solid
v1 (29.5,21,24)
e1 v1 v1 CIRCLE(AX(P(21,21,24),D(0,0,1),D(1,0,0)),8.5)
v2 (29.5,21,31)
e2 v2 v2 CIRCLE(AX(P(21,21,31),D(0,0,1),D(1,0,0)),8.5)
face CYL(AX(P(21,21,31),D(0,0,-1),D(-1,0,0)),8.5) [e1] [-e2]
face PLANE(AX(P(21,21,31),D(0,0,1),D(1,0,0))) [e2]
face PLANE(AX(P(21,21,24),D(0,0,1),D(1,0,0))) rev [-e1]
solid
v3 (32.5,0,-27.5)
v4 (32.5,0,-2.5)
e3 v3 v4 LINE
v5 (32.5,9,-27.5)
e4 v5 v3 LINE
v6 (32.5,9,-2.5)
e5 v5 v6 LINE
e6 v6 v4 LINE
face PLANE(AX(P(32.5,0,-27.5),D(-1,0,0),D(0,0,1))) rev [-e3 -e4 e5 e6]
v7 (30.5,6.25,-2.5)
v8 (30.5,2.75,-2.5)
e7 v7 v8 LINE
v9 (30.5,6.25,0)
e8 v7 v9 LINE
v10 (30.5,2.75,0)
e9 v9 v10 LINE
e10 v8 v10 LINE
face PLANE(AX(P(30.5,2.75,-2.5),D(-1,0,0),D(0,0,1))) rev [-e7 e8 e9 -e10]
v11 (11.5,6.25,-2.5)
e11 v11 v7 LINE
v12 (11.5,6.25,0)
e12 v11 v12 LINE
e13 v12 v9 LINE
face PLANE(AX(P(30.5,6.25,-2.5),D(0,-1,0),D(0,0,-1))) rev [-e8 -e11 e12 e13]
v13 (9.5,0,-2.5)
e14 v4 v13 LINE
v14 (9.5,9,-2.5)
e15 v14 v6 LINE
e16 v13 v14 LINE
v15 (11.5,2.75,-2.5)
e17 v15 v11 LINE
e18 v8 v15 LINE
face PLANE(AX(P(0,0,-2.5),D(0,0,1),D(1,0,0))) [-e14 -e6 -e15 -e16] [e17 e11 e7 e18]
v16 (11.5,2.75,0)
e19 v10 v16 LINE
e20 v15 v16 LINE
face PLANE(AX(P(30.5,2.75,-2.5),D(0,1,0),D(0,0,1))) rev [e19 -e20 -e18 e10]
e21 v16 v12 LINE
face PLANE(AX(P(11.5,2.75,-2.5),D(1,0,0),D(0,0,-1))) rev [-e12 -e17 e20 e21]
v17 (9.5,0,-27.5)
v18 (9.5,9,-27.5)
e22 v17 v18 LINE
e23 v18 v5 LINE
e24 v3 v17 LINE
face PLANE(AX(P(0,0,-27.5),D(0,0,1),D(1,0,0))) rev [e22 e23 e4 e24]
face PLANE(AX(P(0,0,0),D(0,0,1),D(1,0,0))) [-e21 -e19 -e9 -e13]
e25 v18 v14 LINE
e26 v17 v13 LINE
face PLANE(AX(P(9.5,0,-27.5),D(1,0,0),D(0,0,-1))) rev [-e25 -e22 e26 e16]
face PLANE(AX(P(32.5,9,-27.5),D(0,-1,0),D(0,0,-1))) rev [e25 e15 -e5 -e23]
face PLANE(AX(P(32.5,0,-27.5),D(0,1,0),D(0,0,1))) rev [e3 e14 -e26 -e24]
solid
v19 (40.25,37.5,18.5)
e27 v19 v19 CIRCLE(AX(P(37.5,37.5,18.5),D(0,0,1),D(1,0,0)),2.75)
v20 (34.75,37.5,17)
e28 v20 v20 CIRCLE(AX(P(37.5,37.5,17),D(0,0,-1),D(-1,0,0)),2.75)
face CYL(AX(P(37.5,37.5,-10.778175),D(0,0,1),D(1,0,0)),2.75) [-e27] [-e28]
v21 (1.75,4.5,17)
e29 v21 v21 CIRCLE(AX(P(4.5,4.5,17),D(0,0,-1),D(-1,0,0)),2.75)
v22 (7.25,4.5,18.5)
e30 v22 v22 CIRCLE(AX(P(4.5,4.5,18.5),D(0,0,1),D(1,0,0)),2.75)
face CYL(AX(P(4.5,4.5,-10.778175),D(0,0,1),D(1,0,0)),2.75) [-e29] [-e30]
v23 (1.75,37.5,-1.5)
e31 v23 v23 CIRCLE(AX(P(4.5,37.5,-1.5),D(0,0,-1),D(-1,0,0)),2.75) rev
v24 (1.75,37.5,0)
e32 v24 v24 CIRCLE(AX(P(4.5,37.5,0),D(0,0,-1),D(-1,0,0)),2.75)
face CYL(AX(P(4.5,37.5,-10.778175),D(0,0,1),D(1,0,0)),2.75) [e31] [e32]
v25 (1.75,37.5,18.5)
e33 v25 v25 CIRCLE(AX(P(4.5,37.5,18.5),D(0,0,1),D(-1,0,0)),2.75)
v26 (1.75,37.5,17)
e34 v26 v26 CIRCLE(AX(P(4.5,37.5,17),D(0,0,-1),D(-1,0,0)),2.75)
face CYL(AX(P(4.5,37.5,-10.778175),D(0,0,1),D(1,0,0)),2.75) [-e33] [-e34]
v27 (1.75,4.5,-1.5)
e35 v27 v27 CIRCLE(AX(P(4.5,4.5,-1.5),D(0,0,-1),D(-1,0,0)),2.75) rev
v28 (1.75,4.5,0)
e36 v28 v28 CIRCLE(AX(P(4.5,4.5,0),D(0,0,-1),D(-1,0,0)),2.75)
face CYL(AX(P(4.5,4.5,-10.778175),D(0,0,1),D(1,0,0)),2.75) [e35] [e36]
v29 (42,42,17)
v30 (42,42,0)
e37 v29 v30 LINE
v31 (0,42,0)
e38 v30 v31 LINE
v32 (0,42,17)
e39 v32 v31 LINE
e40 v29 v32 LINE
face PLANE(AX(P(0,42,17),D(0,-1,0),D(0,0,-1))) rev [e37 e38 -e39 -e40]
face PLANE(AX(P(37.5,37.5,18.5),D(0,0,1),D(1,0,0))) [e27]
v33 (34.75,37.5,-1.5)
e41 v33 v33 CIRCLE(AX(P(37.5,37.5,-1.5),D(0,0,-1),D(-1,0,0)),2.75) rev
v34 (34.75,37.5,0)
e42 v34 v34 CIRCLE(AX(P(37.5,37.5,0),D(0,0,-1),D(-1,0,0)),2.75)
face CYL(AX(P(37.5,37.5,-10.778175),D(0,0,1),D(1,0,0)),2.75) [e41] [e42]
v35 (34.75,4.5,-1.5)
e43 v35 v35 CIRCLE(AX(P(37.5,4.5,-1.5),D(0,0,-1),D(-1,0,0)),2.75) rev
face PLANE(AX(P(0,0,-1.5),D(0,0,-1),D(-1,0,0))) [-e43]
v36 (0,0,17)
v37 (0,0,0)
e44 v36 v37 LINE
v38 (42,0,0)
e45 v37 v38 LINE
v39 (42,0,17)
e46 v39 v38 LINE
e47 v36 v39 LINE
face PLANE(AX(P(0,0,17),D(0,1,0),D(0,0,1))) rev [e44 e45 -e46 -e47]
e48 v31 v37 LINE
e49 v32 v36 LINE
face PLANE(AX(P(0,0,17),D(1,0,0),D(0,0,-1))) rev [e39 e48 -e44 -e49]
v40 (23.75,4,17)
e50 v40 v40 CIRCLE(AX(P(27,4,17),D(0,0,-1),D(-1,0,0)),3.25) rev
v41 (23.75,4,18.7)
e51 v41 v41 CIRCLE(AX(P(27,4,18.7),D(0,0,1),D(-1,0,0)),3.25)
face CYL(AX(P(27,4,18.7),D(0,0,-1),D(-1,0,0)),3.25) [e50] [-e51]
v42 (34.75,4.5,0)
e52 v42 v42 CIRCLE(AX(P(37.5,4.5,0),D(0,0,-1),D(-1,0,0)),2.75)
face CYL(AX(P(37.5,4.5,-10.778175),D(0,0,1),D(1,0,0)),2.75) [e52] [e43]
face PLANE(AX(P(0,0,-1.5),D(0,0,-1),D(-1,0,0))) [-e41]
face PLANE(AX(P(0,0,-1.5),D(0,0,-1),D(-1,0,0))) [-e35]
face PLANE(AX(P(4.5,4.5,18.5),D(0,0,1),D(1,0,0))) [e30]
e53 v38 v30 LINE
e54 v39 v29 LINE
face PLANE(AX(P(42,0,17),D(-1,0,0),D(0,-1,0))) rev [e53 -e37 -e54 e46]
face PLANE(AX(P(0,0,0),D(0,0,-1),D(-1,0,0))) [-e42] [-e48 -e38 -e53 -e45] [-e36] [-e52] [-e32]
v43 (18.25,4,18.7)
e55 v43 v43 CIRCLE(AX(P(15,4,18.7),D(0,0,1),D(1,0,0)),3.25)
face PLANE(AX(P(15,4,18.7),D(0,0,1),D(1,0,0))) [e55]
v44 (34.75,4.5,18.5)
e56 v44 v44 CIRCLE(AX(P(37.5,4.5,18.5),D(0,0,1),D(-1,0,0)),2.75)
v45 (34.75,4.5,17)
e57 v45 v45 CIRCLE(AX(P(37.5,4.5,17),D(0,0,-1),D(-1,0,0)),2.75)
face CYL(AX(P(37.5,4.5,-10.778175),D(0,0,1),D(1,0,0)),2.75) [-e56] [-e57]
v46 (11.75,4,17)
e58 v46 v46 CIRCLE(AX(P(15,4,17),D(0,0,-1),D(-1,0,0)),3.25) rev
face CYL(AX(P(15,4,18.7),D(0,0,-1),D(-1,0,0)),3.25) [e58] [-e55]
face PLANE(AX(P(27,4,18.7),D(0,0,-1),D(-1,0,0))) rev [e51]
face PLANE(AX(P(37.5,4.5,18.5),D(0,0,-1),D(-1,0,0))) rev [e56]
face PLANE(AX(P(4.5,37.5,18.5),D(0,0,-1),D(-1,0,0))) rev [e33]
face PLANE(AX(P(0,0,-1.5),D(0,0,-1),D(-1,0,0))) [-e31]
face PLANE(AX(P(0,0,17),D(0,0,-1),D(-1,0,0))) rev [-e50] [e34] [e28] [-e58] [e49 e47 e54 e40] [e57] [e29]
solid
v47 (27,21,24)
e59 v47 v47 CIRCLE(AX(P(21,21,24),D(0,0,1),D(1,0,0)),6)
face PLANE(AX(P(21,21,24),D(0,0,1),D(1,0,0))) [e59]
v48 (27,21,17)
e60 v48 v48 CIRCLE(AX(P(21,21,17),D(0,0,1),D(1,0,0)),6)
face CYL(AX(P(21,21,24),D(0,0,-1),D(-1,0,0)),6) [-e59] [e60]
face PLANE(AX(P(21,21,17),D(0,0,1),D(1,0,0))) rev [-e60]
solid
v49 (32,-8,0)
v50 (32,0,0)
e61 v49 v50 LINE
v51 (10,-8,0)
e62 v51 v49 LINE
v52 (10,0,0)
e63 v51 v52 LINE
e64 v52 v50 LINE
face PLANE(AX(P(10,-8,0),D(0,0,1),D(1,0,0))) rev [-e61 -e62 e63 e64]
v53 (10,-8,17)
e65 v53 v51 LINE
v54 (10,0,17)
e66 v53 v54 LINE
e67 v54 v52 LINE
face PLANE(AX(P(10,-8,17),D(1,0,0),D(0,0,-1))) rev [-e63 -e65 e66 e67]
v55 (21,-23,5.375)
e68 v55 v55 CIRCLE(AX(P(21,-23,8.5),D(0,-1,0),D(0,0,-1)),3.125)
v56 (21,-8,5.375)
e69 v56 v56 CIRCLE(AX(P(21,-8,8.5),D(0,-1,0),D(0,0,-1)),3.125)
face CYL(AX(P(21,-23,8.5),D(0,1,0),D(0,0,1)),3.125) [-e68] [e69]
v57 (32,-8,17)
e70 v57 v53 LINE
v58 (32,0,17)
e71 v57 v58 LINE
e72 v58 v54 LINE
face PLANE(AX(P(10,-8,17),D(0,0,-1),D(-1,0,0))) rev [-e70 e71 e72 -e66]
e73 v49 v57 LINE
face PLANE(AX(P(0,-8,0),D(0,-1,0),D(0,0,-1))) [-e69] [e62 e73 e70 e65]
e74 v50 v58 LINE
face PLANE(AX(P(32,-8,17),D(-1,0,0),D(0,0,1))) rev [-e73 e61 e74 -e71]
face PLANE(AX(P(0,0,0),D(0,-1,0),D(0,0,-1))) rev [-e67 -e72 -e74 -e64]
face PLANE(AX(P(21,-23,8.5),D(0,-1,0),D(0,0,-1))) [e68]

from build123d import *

# Parameters (mm, degrees)
SKETCH1_W               = 42
SKETCH1_H               = 42
BOX_DEPTH               = 17
SKETCH2_R               = 6
LENS_DEPTH              = 7
SKETCH3_R               = 8.5
LENS_CAP_DEPTH          = 7
SKETCH4_W               = 22
SKETCH4_H               = 17
ADAPTER_DEPTH           = 8
SKETCH5_R               = 3.125
BOLT_DEPTH              = 15
SKETCH6_W               = 19
SKETCH6_H               = 3.5
USB_CONNECTOR_DEPTH     = 2.5
SKETCH7_W               = 23
SKETCH7_H               = 9
USB_HEAD_DEPTH          = 25
HOUSE_SCREWS_DEPTH      = 1.5
HOUSE_SCREWS_DEPTH_BACK = 18.5
SKETCH8_R               = 2.75
SKETCH9_R               = 3.25
ADAPTER_SKREWS_DEPTH    = 1.7


with BuildPart() as part:
    # Sketch1 → Box (new body)
    with BuildSketch(Plane.XY):
        with Locations((21, 21)):
            Rectangle(SKETCH1_W, SKETCH1_H)
    extrude(amount=BOX_DEPTH)

    # Sketch8 → House_screws (add, two sides: drawn at the far end of the back side and taken through both)
    with BuildSketch(Plane.XY.offset(17).offset(-HOUSE_SCREWS_DEPTH_BACK)):
        with Locations(Location((4.5, 4.5, 0), (0, 0, 180))):
            Circle(SKETCH8_R)
        with Locations(Location((37.5, 4.5, 0), (0, 0, 180))):
            Circle(SKETCH8_R)
        with Locations(Location((37.5, 37.5, 0), (0, 0, 180))):
            Circle(SKETCH8_R)
        with Locations(Location((4.5, 37.5, 0), (0, 0, 180))):
            Circle(SKETCH8_R)
    extrude(amount=HOUSE_SCREWS_DEPTH + HOUSE_SCREWS_DEPTH_BACK)

    # Sketch9 → Adapter_skrews (add)
    with BuildSketch(Plane.XY.offset(17)):
        with Locations(Location((15, 4, 0), (0, 0, 180))):
            Circle(SKETCH9_R)
        with Locations(Location((27, 4, 0), (0, 0, 180))):
            Circle(SKETCH9_R)
    extrude(amount=ADAPTER_SKREWS_DEPTH)


with BuildPart() as body_2:
    # Sketch2 → Lens (new body)
    with BuildSketch(Plane.XY.offset(17)):
        with Locations((21, 21)):
            Circle(SKETCH2_R)
    extrude(amount=LENS_DEPTH)


with BuildPart() as body_3:
    # Sketch3 → Lens cap (new body)
    with BuildSketch(Plane.XY.offset(24)):
        with Locations((21, 21)):
            Circle(SKETCH3_R)
    extrude(amount=LENS_CAP_DEPTH)


with BuildPart() as body_4:
    # Sketch4 → Adapter (new body)
    with BuildSketch(Plane.XZ):
        with Locations((21, 8.5)):
            Rectangle(SKETCH4_W, SKETCH4_H)
    extrude(amount=ADAPTER_DEPTH)

    # Sketch5 → Bolt (add)
    with BuildSketch(Plane.XZ.offset(8)):
        with Locations(Location((21, 8.5, 0), (0, 0, 270))):
            Circle(SKETCH5_R)
    extrude(amount=BOLT_DEPTH)


with BuildPart() as body_5:
    # Sketch6 → USB_connector (new body)
    with BuildSketch(Plane(origin=(0, 0, 0), x_dir=(-1, 0, 0), z_dir=(0, 0, -1))):
        with Locations((-21, 4.5)):
            Rectangle(SKETCH6_W, SKETCH6_H)
    extrude(amount=USB_CONNECTOR_DEPTH)

    # Sketch7 → USB_head (add)
    with BuildSketch(Plane(origin=(0, 0, -2.5), x_dir=(-1, 0, 0), z_dir=(0, 0, -1))):
        with Locations((-21, 4.5)):
            Rectangle(SKETCH7_W, SKETCH7_H)
    extrude(amount=USB_HEAD_DEPTH)


solid = Compound([part.part, body_2.part, body_3.part, body_4.part, body_5.part])
